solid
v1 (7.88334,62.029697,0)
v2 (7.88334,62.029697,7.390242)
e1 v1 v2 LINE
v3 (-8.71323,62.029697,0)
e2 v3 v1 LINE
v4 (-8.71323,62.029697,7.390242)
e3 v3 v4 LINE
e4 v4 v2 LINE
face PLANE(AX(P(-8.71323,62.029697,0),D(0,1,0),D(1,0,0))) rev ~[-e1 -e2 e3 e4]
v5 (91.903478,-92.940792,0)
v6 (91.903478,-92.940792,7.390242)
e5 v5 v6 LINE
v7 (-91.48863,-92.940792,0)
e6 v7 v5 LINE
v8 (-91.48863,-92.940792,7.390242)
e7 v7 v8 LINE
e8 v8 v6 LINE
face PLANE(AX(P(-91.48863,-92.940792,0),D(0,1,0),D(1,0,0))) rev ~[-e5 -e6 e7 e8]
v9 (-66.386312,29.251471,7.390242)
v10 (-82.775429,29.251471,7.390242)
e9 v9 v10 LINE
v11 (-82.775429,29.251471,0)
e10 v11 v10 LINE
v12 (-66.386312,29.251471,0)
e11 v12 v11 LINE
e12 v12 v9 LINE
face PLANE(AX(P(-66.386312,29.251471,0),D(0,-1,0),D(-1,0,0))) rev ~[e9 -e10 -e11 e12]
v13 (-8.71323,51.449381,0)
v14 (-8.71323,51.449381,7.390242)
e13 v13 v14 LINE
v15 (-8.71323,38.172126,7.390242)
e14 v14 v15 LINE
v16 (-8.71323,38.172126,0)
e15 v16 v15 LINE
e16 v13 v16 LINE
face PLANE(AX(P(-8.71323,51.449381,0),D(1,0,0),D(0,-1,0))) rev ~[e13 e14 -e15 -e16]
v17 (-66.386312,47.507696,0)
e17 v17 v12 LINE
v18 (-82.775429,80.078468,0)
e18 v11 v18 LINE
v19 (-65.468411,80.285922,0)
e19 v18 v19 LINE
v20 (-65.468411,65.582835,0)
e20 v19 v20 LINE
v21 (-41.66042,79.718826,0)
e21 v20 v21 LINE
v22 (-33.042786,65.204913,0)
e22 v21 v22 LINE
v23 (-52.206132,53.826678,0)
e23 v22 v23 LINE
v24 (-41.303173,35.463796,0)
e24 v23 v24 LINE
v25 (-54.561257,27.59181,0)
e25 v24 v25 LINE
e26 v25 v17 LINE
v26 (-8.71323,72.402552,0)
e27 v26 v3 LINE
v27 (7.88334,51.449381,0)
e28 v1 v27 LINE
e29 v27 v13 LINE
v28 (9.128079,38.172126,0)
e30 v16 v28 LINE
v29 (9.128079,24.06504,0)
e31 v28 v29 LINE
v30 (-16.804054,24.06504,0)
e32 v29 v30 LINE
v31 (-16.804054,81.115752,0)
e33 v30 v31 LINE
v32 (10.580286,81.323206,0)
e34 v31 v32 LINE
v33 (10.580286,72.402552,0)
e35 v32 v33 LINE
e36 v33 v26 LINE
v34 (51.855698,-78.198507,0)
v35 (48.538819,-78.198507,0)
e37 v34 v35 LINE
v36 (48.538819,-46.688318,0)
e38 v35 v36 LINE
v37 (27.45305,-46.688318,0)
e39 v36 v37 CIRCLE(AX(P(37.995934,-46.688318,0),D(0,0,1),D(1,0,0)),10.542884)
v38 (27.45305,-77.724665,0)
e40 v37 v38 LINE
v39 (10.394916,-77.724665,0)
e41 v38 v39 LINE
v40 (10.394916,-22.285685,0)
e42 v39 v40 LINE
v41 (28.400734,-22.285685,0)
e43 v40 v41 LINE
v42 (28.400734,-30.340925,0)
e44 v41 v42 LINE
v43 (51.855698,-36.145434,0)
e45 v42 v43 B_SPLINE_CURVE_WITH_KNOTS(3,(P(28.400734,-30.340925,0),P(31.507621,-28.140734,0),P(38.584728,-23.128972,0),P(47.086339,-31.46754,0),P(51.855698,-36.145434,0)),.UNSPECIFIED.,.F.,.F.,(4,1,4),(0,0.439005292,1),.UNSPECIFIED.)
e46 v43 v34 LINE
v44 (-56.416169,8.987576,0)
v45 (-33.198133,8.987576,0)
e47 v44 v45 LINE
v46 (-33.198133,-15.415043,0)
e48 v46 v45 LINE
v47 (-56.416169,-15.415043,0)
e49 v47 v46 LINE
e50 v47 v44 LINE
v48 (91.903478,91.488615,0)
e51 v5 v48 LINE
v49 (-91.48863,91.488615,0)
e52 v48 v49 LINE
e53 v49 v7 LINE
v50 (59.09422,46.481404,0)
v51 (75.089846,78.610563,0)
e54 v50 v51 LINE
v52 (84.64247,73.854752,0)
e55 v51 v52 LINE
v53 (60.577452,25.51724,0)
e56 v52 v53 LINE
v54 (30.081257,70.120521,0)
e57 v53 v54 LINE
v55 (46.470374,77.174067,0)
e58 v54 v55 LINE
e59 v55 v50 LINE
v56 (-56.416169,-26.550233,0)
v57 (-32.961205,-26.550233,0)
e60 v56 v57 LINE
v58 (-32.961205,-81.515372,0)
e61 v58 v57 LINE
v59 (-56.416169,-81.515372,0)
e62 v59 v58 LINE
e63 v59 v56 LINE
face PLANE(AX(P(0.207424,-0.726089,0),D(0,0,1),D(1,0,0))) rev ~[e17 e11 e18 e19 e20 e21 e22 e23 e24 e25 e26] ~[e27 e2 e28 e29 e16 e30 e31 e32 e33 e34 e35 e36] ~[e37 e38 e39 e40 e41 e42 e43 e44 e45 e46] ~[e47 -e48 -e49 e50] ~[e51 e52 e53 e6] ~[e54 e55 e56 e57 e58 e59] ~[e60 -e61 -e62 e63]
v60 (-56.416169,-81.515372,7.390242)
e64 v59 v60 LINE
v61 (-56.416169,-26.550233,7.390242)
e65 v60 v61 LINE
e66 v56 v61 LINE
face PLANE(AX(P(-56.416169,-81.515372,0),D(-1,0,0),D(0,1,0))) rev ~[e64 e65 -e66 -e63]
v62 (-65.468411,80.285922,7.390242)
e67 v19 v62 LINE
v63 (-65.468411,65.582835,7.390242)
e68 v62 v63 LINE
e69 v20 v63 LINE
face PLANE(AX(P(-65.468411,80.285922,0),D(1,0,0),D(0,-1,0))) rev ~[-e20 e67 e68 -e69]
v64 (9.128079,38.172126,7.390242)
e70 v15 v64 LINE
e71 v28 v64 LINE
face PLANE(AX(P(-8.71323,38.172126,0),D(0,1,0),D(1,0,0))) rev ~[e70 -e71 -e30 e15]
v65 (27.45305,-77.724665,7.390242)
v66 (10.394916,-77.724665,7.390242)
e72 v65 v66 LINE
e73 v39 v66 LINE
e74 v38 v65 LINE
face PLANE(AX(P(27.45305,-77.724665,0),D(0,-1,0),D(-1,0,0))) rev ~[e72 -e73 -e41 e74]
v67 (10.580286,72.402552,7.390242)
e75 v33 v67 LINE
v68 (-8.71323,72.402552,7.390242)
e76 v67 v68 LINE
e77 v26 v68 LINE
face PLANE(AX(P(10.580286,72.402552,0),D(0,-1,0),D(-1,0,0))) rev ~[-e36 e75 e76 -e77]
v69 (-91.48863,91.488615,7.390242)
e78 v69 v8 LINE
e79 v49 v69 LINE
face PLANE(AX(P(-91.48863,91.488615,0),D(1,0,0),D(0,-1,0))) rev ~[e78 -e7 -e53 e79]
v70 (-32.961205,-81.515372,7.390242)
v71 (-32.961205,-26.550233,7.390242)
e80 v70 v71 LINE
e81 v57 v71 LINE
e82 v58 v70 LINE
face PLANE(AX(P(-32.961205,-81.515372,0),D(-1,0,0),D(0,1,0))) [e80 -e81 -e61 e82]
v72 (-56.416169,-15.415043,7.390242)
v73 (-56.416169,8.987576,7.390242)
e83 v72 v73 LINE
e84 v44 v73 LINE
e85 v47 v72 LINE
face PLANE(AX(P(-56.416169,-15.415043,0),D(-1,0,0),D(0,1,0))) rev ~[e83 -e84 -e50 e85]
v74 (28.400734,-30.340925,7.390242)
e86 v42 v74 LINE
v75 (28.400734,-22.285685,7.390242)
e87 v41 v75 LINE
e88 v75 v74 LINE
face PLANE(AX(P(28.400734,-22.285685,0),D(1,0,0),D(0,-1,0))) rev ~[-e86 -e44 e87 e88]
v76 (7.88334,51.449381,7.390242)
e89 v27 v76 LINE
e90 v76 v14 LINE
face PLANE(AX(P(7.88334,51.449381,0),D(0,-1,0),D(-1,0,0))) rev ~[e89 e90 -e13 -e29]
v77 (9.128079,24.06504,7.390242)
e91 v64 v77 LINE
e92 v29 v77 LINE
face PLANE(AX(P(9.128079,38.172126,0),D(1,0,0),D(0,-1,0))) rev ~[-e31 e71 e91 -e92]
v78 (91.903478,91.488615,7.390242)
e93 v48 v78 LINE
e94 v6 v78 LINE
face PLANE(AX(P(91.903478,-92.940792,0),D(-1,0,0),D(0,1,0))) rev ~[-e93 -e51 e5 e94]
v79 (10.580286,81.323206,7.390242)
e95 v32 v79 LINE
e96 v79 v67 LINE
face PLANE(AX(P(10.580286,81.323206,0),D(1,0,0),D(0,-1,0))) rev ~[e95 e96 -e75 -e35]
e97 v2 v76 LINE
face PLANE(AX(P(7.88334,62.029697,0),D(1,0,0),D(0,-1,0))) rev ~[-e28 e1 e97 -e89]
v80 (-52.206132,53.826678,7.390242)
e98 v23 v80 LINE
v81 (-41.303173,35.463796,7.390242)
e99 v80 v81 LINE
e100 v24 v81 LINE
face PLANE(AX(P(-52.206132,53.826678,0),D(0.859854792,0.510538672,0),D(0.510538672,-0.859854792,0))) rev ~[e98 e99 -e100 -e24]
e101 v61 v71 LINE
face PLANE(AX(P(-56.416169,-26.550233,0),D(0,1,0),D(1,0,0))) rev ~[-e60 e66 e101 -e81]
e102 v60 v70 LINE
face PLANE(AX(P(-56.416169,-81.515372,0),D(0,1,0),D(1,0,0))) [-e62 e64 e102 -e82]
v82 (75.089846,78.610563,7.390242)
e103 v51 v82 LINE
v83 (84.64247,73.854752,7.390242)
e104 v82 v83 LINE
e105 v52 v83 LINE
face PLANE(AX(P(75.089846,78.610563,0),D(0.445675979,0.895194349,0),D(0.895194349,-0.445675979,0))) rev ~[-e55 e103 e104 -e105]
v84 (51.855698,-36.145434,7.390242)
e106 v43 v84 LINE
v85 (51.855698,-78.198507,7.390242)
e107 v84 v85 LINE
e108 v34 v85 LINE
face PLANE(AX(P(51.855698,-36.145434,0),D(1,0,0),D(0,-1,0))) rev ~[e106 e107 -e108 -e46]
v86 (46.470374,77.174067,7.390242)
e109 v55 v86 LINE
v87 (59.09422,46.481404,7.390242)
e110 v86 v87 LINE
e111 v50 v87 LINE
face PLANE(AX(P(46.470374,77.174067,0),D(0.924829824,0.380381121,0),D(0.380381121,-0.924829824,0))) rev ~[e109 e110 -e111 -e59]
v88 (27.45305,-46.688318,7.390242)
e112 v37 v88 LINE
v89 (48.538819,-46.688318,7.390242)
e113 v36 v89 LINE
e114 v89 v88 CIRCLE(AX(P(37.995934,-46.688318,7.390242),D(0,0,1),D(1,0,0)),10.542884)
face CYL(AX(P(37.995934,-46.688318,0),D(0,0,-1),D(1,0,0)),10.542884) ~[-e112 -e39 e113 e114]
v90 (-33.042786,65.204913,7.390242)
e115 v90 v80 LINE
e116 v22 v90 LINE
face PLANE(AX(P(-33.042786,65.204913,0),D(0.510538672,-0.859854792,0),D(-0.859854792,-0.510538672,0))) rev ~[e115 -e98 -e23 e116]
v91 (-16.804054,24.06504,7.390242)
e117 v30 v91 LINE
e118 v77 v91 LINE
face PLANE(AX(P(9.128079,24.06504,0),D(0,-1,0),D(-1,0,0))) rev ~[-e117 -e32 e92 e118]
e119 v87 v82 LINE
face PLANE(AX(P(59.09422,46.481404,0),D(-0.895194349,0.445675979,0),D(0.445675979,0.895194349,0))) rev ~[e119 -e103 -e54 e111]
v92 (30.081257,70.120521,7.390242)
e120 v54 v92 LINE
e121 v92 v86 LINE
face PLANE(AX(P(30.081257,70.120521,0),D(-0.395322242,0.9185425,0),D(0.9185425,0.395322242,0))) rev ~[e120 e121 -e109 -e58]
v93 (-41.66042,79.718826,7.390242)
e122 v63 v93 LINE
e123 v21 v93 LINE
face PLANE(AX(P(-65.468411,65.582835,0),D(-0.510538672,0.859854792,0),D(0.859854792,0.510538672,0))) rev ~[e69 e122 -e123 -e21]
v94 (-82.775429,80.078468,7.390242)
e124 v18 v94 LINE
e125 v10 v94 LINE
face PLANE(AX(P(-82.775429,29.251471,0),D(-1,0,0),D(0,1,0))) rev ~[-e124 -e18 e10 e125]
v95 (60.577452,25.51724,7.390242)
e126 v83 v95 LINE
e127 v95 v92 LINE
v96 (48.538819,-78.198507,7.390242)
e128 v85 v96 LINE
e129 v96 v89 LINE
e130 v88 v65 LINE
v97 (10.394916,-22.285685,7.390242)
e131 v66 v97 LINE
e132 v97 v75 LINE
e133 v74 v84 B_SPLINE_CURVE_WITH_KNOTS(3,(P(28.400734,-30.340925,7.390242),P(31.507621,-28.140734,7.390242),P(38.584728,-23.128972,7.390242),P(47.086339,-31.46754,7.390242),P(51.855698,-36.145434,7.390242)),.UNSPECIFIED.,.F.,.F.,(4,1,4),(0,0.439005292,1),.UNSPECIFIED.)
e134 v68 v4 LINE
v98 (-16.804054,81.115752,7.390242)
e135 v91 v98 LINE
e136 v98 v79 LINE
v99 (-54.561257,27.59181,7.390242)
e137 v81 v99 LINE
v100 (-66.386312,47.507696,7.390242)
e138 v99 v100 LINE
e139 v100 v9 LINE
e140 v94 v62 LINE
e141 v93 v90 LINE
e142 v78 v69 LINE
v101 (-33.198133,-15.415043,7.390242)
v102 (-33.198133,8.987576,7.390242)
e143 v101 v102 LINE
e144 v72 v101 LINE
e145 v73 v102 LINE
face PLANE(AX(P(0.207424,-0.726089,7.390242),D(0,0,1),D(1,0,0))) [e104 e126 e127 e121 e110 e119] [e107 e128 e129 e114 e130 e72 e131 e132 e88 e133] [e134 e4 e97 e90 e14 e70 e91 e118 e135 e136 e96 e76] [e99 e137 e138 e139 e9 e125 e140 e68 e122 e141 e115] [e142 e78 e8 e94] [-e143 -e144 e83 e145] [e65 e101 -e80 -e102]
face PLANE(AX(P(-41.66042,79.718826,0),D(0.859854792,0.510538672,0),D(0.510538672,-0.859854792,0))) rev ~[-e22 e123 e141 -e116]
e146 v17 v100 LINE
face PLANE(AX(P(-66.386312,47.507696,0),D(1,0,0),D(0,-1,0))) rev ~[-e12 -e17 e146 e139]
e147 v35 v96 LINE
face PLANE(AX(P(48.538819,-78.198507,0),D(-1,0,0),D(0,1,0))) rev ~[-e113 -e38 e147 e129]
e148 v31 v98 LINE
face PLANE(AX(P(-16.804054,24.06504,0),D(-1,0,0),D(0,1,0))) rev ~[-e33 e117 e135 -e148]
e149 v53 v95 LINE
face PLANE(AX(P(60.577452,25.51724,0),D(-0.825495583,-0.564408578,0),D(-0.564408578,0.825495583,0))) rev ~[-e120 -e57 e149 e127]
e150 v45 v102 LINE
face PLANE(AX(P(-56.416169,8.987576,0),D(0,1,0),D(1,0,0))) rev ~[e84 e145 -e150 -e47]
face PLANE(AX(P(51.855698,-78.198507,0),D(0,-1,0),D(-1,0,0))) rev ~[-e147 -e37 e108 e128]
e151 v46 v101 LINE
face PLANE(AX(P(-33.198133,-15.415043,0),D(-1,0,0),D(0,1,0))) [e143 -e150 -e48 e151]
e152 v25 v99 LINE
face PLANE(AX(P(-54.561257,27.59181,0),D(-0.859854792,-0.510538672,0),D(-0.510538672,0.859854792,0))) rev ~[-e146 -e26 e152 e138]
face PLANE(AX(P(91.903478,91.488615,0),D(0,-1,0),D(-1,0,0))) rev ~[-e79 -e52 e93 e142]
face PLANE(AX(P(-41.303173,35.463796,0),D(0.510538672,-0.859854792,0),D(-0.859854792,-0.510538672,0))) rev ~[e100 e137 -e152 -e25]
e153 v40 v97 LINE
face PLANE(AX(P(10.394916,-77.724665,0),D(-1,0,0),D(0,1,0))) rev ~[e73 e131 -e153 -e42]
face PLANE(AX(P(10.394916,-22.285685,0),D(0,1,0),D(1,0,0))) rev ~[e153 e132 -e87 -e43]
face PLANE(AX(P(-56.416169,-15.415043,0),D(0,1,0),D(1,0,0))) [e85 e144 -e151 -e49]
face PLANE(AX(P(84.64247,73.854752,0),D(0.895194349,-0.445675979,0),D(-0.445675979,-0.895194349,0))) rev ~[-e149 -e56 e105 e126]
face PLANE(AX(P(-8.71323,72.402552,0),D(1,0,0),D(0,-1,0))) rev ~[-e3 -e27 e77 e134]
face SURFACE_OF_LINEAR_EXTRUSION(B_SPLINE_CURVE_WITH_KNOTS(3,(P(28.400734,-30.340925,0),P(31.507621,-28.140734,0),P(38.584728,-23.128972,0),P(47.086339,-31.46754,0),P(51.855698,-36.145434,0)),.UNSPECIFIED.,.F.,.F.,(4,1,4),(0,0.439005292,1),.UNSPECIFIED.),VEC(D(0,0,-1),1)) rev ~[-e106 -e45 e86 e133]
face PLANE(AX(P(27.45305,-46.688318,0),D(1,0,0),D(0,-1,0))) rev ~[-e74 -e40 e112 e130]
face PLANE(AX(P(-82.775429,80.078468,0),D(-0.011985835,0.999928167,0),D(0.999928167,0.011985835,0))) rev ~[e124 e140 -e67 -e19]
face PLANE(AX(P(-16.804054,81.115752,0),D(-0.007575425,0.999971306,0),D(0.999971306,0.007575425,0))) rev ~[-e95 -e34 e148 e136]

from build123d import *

# Parameters (mm, degrees)
F0_W     = 23.4549641609
F0_H     = 54.9651384354
F0_W_2   = 23.2180356979
F0_H_2   = 24.4026184082
F1_DEPTH = 7.39024207


with BuildPart() as f1:
    # F0 (on Top) → F1 (new body)
    with BuildSketch(Plane.XY):
        Polygon((91.9034779072, 91.4886146784), (-91.4886295795, 91.4886146784), (-91.4886295795, -92.9407924414), (51.8556982279, -92.9407924414), (91.9034779072, -92.9407924414), align=None)
        with Locations((-44.6886867285, -54.0328025818)):
            Rectangle(F0_W, F0_H, mode=Mode.SUBTRACT)
        with Locations((-44.80715096, -3.2137334347)):
            Rectangle(F0_W_2, F0_H_2, mode=Mode.SUBTRACT)
        with BuildLine():
            Line((51.8556982279, -36.1454337835), (51.8556982279, -78.1985074282))
            Line((51.8556982279, -78.1985074282), (48.5388189554, -78.1985074282))
            Line((48.5388189554, -78.1985074282), (48.5388189554, -46.6883182526))
            ThreePointArc((48.5388189554, -46.6883182526), (37.9959344864, -36.1454337835), (27.4530500174, -46.6883182526))
            Line((27.4530500174, -46.6883182526), (27.4530500174, -77.7246654034))
            Line((27.4530500174, -77.7246654034), (10.3949159384, -77.7246654034))
            Line((10.3949159384, -77.7246654034), (10.3949159384, -22.2856849432))
            Line((10.3949159384, -22.2856849432), (20.8193510771, -22.2856849432))
            Line((20.8193510771, -22.2856849432), (28.400734067, -22.2856849432))
            Line((28.400734067, -22.2856849432), (28.400734067, -30.340924859))
            add(Edge.make_bspline(
                [(28.400734067, -30.340924859), (31.5076210348, -28.1407343319), (38.5847283272, -23.128971871), (47.0863390798, -31.4675398046), (51.8556982279, -36.1454337835)],
                knots=[0, 0, 0, 0, 0.4390052916, 1, 1, 1, 1], degree=3))
        make_face(mode=Mode.SUBTRACT)
        Polygon((-82.7754288912, 29.2514711618), (-82.7754288912, 80.0784677267), (-65.4684112125, 80.2859216928), (-65.4684112125, 65.5828345476), (-41.6604202239, 79.7188261354), (-33.0427859329, 65.2049126071), (-52.2061320955, 53.8266782874), (-41.3031728603, 35.4637955985), (-54.5612573624, 27.5918096304), (-66.3863122463, 47.5076958537), (-66.3863122463, 29.2514711618), align=None, mode=Mode.SUBTRACT)
        Polygon((-16.8040543795, 24.0650400519), (-16.8040543795, 81.1157524586), (10.5802863836, 81.3232064247), (10.5802863836, 72.4025517702), (-8.7132304907, 72.4025517702), (-8.7132304907, 62.029697001), (7.8833401203, 62.029697001), (7.8833401203, 51.449380815), (-8.7132304907, 51.449380815), (-8.7132304907, 38.1721258163), (9.1280788183, 38.1721258163), (9.1280788183, 24.0650400519), align=None, mode=Mode.SUBTRACT)
        Polygon((30.0812572241, 70.1205208898), (46.4703738689, 77.1740674973), (59.0942201711, 46.4814044853), (75.0898461839, 78.6105626462), (84.642469883, 73.8547518849), (60.5774521828, 25.5172401667), align=None, mode=Mode.SUBTRACT)
    extrude(amount=F1_DEPTH)


solid = f1.part
